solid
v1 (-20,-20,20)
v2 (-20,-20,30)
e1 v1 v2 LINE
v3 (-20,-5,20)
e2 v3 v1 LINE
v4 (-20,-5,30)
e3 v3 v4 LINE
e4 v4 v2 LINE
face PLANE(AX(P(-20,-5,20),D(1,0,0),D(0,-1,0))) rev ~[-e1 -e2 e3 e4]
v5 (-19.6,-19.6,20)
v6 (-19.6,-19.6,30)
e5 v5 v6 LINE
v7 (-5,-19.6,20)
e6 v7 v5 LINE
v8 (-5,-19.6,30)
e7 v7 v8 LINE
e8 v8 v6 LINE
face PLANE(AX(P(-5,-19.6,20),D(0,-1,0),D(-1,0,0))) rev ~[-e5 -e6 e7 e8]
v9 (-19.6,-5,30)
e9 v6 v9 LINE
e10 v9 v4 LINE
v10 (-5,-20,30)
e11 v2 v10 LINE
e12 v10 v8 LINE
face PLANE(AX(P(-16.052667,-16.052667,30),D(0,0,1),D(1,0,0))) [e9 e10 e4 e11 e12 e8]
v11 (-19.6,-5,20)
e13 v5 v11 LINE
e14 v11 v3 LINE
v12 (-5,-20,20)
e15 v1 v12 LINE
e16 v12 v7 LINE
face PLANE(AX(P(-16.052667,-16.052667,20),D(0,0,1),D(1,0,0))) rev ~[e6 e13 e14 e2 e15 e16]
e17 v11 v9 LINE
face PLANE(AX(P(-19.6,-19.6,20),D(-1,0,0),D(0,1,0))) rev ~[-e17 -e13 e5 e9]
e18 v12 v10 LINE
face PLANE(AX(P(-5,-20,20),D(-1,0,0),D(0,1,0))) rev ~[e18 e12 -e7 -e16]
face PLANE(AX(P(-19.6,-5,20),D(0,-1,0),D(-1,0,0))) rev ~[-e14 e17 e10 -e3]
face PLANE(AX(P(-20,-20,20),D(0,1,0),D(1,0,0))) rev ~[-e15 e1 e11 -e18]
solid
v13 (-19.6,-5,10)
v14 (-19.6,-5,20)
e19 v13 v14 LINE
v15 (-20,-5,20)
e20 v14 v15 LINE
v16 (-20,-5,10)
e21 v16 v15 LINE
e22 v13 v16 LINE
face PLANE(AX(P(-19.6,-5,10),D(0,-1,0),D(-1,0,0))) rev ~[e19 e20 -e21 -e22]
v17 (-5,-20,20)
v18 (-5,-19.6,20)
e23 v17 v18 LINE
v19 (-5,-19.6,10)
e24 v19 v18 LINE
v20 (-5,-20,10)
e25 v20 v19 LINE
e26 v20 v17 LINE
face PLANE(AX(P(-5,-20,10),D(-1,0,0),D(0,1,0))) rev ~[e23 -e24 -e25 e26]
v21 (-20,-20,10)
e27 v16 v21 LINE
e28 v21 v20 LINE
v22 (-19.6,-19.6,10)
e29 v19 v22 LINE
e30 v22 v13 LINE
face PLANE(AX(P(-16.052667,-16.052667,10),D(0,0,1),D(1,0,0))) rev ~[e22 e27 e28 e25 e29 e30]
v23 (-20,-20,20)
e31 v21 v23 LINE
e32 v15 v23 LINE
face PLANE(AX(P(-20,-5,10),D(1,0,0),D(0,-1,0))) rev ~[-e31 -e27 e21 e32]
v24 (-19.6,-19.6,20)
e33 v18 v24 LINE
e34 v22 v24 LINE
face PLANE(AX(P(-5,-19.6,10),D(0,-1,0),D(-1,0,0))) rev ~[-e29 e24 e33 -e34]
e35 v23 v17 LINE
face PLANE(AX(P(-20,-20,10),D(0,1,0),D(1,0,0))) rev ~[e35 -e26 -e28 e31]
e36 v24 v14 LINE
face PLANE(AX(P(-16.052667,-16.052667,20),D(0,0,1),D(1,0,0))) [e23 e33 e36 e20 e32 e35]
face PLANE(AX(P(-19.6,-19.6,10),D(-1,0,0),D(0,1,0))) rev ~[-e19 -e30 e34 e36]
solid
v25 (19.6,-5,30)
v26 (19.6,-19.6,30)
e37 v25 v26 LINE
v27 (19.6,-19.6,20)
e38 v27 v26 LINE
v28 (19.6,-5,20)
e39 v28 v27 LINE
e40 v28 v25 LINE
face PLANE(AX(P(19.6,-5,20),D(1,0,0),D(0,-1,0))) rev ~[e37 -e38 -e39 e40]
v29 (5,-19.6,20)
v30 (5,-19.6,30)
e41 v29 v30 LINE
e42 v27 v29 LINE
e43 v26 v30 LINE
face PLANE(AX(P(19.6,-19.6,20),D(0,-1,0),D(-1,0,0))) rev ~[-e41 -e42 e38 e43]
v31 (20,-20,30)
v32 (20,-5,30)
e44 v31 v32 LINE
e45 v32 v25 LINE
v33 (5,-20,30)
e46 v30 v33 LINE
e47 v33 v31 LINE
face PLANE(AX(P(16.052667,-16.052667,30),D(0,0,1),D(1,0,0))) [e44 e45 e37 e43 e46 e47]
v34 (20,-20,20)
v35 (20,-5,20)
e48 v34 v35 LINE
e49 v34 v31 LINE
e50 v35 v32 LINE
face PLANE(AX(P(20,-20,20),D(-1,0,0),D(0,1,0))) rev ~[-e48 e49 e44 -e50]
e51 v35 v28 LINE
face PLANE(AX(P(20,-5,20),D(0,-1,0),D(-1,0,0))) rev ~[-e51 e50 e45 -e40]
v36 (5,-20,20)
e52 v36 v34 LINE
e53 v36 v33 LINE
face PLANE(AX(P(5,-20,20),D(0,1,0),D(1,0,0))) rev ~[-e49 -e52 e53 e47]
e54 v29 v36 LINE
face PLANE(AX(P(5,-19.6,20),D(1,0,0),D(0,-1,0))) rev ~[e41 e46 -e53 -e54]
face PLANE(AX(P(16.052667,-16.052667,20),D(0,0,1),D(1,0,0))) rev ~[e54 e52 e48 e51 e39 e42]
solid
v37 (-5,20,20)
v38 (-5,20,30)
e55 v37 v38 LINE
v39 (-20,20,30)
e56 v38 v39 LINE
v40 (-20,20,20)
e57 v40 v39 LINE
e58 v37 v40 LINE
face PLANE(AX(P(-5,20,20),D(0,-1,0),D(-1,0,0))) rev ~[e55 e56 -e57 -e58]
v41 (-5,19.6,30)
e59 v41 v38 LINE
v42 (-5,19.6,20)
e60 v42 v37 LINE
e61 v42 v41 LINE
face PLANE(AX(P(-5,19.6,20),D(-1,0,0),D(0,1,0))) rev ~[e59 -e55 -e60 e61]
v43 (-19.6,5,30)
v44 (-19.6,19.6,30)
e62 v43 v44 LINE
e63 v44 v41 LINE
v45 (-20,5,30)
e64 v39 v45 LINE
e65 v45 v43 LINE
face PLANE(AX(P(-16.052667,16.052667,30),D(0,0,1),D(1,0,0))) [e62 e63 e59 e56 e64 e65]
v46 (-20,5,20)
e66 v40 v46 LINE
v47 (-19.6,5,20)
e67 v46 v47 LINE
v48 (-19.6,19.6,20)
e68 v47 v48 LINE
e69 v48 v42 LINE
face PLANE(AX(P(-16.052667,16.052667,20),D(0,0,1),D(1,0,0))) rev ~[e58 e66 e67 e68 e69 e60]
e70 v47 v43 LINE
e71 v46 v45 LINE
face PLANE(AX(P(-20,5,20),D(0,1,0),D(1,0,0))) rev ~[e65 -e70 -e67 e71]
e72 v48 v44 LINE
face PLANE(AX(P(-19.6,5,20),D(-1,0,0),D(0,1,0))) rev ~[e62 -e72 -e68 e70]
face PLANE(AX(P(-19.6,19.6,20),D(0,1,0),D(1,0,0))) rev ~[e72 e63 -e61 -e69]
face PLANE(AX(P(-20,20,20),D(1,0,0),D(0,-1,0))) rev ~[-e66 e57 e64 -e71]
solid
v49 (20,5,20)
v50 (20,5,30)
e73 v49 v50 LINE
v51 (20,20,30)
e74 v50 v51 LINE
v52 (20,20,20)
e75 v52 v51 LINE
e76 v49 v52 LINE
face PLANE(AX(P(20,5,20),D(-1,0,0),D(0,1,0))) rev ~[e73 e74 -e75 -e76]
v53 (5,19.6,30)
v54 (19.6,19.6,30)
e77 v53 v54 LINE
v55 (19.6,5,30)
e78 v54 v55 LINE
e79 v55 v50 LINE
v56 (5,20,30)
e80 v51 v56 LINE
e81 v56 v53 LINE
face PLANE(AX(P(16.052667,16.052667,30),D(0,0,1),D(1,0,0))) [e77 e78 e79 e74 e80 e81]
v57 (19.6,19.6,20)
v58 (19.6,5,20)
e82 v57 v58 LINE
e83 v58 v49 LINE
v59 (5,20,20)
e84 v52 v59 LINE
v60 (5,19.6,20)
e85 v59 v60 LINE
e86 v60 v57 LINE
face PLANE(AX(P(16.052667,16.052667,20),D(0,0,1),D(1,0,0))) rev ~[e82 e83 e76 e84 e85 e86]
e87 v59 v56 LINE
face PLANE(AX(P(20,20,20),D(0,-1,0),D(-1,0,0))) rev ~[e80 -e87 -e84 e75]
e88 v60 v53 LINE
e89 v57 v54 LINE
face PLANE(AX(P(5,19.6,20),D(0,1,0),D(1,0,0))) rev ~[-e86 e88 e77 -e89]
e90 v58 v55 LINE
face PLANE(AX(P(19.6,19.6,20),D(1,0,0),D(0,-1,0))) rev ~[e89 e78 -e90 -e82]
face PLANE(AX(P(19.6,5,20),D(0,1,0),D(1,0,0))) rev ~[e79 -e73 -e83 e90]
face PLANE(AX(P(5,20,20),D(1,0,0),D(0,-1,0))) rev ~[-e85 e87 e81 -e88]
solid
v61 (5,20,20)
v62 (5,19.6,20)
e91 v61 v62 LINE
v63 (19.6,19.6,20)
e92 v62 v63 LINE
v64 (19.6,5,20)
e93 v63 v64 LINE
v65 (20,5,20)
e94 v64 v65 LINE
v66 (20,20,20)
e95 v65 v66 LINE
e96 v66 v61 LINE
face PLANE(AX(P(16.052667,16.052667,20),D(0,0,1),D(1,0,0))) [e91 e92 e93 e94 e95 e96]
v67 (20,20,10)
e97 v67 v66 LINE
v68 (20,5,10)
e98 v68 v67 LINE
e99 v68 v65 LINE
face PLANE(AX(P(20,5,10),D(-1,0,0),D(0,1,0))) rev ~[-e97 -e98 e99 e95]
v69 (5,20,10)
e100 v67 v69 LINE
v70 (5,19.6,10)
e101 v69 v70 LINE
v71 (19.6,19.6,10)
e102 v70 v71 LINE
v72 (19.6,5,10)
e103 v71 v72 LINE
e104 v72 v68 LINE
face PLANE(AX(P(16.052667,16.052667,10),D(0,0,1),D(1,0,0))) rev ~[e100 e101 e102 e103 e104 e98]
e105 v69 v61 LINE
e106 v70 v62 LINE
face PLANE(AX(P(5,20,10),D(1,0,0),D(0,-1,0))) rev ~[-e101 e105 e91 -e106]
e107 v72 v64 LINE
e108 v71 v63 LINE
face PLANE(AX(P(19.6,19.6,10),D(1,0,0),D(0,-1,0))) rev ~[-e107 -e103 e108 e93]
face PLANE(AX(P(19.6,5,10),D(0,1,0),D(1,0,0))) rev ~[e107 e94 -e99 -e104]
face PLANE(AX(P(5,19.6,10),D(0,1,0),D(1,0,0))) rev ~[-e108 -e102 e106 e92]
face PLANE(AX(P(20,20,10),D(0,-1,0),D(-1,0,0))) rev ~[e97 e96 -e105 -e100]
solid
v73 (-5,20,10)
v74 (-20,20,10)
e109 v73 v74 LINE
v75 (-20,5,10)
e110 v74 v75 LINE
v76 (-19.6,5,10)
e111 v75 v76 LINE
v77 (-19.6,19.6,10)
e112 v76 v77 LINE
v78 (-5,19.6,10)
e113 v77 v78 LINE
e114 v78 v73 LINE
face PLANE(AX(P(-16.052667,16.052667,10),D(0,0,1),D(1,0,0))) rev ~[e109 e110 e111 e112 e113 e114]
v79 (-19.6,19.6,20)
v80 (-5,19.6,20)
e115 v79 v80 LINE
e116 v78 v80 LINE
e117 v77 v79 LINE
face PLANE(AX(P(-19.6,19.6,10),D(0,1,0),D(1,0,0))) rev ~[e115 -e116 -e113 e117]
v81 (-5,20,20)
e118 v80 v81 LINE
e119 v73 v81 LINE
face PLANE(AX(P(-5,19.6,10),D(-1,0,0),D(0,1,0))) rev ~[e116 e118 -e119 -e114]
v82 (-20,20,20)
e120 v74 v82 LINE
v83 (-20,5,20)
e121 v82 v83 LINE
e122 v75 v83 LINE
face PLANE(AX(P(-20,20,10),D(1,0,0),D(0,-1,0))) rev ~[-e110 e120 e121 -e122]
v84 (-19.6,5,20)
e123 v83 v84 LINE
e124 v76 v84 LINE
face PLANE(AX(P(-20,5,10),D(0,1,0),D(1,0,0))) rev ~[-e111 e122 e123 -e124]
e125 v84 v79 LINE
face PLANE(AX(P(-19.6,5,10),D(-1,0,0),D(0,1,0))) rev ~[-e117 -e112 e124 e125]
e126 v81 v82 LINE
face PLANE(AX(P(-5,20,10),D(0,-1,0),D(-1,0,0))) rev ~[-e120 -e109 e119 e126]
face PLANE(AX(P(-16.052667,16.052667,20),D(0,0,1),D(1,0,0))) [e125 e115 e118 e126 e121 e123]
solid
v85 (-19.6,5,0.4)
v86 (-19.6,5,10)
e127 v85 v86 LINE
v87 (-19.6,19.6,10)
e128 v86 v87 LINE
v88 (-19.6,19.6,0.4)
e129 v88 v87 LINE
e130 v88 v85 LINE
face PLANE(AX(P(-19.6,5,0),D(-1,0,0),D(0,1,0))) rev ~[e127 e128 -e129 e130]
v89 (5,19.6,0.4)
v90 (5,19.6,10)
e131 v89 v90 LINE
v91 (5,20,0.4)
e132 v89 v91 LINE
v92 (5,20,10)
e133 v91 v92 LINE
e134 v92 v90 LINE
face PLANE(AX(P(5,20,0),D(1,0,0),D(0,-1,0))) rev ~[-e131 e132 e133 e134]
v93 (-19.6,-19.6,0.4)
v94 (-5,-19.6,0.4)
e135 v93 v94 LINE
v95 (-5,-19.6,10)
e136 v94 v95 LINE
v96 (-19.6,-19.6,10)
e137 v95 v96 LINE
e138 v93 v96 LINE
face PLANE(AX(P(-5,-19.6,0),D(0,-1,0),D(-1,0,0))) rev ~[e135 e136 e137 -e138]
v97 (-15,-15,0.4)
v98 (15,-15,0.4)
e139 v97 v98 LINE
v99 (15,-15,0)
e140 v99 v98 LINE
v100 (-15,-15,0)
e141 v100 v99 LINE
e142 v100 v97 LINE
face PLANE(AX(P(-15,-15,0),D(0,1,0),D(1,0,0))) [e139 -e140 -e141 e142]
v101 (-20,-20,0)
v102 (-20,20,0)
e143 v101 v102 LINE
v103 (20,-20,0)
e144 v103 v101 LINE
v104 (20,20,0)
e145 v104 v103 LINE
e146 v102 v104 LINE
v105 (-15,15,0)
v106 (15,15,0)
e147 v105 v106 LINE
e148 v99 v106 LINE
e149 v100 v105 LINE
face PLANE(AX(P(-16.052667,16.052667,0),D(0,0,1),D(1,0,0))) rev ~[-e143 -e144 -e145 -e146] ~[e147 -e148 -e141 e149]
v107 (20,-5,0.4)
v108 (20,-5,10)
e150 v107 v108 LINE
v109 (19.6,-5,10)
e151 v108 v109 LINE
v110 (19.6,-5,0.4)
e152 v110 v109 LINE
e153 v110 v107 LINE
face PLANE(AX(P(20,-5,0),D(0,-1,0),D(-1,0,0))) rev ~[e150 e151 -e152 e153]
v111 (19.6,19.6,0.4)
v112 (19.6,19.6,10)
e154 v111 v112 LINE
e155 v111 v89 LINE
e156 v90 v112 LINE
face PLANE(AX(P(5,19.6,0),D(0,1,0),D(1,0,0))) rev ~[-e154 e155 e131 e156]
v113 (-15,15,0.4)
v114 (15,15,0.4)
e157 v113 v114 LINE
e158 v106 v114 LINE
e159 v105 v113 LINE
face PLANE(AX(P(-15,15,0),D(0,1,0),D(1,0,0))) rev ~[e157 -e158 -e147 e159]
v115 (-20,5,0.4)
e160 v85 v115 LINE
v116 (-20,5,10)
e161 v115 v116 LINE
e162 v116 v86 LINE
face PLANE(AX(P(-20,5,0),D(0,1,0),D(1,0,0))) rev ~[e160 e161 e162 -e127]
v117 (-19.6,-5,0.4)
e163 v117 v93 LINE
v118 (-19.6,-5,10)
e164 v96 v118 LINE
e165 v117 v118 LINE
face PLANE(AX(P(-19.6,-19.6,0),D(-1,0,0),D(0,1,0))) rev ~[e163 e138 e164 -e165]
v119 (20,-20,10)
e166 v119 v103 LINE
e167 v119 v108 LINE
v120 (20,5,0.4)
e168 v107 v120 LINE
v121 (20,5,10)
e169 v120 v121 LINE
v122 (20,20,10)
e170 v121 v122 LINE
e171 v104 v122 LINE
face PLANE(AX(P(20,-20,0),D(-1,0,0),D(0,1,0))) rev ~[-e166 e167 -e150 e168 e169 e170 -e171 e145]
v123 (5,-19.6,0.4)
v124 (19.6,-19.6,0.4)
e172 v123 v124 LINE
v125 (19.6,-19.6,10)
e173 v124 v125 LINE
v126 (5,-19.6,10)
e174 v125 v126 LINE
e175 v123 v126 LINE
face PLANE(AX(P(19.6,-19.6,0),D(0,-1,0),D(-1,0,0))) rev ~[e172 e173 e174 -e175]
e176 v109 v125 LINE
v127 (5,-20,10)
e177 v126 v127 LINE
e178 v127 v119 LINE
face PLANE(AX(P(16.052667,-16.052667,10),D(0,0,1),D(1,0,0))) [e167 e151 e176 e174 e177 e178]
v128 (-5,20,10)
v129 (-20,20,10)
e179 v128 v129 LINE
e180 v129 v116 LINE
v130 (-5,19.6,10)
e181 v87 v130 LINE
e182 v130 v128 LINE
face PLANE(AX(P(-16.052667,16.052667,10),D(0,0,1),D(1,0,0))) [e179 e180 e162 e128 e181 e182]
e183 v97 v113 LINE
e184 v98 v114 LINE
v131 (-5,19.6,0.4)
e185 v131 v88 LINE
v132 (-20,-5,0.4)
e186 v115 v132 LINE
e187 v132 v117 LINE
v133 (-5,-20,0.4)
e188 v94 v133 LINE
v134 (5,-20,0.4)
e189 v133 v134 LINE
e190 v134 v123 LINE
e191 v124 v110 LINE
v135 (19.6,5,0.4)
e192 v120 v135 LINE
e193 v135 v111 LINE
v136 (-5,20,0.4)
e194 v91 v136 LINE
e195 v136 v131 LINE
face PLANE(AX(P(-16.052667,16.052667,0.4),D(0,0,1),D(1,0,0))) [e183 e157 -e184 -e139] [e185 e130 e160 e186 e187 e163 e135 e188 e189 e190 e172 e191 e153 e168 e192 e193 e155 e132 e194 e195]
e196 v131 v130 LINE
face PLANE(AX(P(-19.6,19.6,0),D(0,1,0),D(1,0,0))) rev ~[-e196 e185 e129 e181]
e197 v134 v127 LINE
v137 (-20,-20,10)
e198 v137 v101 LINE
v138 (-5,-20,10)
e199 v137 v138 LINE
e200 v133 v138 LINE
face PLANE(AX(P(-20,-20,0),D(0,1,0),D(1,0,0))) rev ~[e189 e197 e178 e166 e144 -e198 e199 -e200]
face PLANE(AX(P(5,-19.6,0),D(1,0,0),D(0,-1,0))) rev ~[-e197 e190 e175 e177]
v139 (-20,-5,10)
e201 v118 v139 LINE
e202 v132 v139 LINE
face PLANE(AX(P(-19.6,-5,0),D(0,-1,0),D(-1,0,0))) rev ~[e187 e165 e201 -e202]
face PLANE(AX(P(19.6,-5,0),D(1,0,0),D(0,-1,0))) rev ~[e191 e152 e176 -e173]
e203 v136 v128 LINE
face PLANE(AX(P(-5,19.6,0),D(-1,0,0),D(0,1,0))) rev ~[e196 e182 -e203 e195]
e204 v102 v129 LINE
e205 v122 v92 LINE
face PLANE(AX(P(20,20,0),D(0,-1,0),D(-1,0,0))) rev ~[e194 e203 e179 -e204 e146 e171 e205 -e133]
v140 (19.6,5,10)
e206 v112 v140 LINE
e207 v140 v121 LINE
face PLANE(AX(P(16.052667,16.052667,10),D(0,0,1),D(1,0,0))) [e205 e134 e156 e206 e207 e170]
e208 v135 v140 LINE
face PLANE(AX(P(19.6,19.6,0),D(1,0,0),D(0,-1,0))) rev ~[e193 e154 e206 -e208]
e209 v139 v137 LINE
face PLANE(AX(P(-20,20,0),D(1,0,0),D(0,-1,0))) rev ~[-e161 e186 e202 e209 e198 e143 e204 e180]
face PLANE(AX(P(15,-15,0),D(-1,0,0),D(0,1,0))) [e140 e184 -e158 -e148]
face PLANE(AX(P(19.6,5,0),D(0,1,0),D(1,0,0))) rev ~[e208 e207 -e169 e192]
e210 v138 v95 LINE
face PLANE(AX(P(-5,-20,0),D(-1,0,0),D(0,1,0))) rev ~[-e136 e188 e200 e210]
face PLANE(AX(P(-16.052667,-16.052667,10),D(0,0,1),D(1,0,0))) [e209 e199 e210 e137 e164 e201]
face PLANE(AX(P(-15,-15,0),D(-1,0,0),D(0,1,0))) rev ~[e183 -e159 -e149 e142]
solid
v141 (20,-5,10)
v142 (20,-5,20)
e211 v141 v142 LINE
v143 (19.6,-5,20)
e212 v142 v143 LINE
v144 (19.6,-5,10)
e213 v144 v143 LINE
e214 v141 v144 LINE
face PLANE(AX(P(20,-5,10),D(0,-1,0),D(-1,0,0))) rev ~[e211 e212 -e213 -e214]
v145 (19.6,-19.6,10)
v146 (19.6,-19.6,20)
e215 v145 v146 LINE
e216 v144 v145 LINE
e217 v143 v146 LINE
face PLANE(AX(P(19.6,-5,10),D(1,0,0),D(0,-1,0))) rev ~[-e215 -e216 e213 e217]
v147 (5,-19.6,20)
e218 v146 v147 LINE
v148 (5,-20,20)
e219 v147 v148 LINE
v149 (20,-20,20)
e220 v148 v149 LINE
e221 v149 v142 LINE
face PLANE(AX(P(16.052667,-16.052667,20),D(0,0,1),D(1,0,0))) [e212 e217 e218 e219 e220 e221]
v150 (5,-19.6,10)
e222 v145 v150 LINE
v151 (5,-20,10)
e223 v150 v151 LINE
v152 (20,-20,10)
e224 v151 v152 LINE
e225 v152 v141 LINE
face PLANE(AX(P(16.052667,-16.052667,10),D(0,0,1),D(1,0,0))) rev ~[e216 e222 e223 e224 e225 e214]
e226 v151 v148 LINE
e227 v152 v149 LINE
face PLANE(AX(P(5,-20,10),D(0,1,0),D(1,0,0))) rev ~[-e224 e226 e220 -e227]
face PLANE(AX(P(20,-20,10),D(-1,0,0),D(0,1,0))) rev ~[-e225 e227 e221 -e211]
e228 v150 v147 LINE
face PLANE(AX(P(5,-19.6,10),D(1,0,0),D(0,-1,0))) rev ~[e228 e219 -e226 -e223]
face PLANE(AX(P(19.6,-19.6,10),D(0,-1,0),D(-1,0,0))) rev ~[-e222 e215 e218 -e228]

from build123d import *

# Parameters (mm, degrees)
F1_W     = 30
F1_H     = 30
F2_DEPTH = 0.4
F3_DEPTH = 10
F4_DEPTH = 10
F5_DEPTH = 10


with BuildPart() as f2:
    # F1 (on Top) → F2 (new body)
    with BuildSketch(Plane.XY):
        Polygon((-5, 20), (-20, 20), (-20, 5), (-19.6, 5), (-19.6, 19.6), (-5, 19.6), align=None)
        Polygon((20, 20), (5, 20), (5, 19.6), (19.6, 19.6), (19.6, 5), (20, 5), align=None)
        Polygon((5, 20), (-5, 20), (-5, 19.6), (-19.6, 19.6), (-19.6, 5), (-20, 5), (-20, -5), (-19.6, -5), (-19.6, -19.6), (-5, -19.6), (-5, -20), (5, -20), (5, -19.6), (19.6, -19.6), (19.6, -5), (20, -5), (20, 5), (19.6, 5), (19.6, 19.6), (5, 19.6), align=None)
        Rectangle(F1_W, F1_H, mode=Mode.SUBTRACT)
        Polygon((20, -20), (20, -5), (19.6, -5), (19.6, -19.6), (5, -19.6), (5, -20), align=None)
        Polygon((-19.6, -5), (-20, -5), (-20, -20), (-5, -20), (-5, -19.6), (-19.6, -19.6), align=None)
    extrude(amount=F2_DEPTH)

    # F1 (on Top) → F3 (join)
    with BuildSketch(Plane.XY):
        Polygon((20, -20), (20, -5), (19.6, -5), (19.6, -19.6), (5, -19.6), (5, -20), align=None)
        Polygon((-19.6, -5), (-20, -5), (-20, -20), (-5, -20), (-5, -19.6), (-19.6, -19.6), align=None)
        Polygon((20, 20), (5, 20), (5, 19.6), (19.6, 19.6), (19.6, 5), (20, 5), align=None)
        Polygon((-5, 20), (-20, 20), (-20, 5), (-19.6, 5), (-19.6, 19.6), (-5, 19.6), align=None)
    extrude(amount=F3_DEPTH)


with BuildPart() as f4:
    # F4 (new): a face of the model
    f4_faces = [f2.part.faces().sort_by_distance(p)[0] for p in [
        (-12.5, 19.7878679656, 10),
    ]]
    extrude(f4_faces, amount=F4_DEPTH)


with BuildPart() as f4b:
    # F4#2 (new): a face of the model
    f4_2_faces = [f2.part.faces().sort_by_distance(p)[0] for p in [
        (12.5, 19.7878679656, 10),
    ]]
    extrude(f4_2_faces, amount=F4_DEPTH)


with BuildPart() as f4c:
    # F4#3 (new): a face of the model
    f4_3_faces = [f2.part.faces().sort_by_distance(p)[0] for p in [
        (19.7878679656, -12.5, 10),
    ]]
    extrude(f4_3_faces, amount=F4_DEPTH)


with BuildPart() as f4d:
    # F4#4 (new): a face of the model
    f4_4_faces = [f2.part.faces().sort_by_distance(p)[0] for p in [
        (-19.8, -5.2121320344, 10),
    ]]
    extrude(f4_4_faces, amount=F4_DEPTH)


with BuildPart() as f5:
    # F5 (new): a face of the model
    f5_faces = [f4.part.faces().sort_by_distance(p)[0] for p in [
        (-12.5, 19.7878679656, 20),
    ]]
    extrude(f5_faces, amount=F5_DEPTH)


with BuildPart() as f5b:
    # F5#2 (new): a face of the model
    f5_2_faces = [f4b.part.faces().sort_by_distance(p)[0] for p in [
        (12.5, 19.7878679656, 20),
    ]]
    extrude(f5_2_faces, amount=F5_DEPTH)


with BuildPart() as f5c:
    # F5#3 (new): a face of the model
    f5_3_faces = [f4c.part.faces().sort_by_distance(p)[0] for p in [
        (19.7878679656, -12.5, 20),
    ]]
    extrude(f5_3_faces, amount=F5_DEPTH)


with BuildPart() as f5d:
    # F5#4 (new): a face of the model
    f5_4_faces = [f4d.part.faces().sort_by_distance(p)[0] for p in [
        (-19.8, -5.2121320344, 20),
    ]]
    extrude(f5_4_faces, amount=F5_DEPTH)


solid = Compound([f2.part, f4.part, f4b.part, f4c.part, f4d.part, f5.part, f5b.part, f5c.part, f5d.part])
